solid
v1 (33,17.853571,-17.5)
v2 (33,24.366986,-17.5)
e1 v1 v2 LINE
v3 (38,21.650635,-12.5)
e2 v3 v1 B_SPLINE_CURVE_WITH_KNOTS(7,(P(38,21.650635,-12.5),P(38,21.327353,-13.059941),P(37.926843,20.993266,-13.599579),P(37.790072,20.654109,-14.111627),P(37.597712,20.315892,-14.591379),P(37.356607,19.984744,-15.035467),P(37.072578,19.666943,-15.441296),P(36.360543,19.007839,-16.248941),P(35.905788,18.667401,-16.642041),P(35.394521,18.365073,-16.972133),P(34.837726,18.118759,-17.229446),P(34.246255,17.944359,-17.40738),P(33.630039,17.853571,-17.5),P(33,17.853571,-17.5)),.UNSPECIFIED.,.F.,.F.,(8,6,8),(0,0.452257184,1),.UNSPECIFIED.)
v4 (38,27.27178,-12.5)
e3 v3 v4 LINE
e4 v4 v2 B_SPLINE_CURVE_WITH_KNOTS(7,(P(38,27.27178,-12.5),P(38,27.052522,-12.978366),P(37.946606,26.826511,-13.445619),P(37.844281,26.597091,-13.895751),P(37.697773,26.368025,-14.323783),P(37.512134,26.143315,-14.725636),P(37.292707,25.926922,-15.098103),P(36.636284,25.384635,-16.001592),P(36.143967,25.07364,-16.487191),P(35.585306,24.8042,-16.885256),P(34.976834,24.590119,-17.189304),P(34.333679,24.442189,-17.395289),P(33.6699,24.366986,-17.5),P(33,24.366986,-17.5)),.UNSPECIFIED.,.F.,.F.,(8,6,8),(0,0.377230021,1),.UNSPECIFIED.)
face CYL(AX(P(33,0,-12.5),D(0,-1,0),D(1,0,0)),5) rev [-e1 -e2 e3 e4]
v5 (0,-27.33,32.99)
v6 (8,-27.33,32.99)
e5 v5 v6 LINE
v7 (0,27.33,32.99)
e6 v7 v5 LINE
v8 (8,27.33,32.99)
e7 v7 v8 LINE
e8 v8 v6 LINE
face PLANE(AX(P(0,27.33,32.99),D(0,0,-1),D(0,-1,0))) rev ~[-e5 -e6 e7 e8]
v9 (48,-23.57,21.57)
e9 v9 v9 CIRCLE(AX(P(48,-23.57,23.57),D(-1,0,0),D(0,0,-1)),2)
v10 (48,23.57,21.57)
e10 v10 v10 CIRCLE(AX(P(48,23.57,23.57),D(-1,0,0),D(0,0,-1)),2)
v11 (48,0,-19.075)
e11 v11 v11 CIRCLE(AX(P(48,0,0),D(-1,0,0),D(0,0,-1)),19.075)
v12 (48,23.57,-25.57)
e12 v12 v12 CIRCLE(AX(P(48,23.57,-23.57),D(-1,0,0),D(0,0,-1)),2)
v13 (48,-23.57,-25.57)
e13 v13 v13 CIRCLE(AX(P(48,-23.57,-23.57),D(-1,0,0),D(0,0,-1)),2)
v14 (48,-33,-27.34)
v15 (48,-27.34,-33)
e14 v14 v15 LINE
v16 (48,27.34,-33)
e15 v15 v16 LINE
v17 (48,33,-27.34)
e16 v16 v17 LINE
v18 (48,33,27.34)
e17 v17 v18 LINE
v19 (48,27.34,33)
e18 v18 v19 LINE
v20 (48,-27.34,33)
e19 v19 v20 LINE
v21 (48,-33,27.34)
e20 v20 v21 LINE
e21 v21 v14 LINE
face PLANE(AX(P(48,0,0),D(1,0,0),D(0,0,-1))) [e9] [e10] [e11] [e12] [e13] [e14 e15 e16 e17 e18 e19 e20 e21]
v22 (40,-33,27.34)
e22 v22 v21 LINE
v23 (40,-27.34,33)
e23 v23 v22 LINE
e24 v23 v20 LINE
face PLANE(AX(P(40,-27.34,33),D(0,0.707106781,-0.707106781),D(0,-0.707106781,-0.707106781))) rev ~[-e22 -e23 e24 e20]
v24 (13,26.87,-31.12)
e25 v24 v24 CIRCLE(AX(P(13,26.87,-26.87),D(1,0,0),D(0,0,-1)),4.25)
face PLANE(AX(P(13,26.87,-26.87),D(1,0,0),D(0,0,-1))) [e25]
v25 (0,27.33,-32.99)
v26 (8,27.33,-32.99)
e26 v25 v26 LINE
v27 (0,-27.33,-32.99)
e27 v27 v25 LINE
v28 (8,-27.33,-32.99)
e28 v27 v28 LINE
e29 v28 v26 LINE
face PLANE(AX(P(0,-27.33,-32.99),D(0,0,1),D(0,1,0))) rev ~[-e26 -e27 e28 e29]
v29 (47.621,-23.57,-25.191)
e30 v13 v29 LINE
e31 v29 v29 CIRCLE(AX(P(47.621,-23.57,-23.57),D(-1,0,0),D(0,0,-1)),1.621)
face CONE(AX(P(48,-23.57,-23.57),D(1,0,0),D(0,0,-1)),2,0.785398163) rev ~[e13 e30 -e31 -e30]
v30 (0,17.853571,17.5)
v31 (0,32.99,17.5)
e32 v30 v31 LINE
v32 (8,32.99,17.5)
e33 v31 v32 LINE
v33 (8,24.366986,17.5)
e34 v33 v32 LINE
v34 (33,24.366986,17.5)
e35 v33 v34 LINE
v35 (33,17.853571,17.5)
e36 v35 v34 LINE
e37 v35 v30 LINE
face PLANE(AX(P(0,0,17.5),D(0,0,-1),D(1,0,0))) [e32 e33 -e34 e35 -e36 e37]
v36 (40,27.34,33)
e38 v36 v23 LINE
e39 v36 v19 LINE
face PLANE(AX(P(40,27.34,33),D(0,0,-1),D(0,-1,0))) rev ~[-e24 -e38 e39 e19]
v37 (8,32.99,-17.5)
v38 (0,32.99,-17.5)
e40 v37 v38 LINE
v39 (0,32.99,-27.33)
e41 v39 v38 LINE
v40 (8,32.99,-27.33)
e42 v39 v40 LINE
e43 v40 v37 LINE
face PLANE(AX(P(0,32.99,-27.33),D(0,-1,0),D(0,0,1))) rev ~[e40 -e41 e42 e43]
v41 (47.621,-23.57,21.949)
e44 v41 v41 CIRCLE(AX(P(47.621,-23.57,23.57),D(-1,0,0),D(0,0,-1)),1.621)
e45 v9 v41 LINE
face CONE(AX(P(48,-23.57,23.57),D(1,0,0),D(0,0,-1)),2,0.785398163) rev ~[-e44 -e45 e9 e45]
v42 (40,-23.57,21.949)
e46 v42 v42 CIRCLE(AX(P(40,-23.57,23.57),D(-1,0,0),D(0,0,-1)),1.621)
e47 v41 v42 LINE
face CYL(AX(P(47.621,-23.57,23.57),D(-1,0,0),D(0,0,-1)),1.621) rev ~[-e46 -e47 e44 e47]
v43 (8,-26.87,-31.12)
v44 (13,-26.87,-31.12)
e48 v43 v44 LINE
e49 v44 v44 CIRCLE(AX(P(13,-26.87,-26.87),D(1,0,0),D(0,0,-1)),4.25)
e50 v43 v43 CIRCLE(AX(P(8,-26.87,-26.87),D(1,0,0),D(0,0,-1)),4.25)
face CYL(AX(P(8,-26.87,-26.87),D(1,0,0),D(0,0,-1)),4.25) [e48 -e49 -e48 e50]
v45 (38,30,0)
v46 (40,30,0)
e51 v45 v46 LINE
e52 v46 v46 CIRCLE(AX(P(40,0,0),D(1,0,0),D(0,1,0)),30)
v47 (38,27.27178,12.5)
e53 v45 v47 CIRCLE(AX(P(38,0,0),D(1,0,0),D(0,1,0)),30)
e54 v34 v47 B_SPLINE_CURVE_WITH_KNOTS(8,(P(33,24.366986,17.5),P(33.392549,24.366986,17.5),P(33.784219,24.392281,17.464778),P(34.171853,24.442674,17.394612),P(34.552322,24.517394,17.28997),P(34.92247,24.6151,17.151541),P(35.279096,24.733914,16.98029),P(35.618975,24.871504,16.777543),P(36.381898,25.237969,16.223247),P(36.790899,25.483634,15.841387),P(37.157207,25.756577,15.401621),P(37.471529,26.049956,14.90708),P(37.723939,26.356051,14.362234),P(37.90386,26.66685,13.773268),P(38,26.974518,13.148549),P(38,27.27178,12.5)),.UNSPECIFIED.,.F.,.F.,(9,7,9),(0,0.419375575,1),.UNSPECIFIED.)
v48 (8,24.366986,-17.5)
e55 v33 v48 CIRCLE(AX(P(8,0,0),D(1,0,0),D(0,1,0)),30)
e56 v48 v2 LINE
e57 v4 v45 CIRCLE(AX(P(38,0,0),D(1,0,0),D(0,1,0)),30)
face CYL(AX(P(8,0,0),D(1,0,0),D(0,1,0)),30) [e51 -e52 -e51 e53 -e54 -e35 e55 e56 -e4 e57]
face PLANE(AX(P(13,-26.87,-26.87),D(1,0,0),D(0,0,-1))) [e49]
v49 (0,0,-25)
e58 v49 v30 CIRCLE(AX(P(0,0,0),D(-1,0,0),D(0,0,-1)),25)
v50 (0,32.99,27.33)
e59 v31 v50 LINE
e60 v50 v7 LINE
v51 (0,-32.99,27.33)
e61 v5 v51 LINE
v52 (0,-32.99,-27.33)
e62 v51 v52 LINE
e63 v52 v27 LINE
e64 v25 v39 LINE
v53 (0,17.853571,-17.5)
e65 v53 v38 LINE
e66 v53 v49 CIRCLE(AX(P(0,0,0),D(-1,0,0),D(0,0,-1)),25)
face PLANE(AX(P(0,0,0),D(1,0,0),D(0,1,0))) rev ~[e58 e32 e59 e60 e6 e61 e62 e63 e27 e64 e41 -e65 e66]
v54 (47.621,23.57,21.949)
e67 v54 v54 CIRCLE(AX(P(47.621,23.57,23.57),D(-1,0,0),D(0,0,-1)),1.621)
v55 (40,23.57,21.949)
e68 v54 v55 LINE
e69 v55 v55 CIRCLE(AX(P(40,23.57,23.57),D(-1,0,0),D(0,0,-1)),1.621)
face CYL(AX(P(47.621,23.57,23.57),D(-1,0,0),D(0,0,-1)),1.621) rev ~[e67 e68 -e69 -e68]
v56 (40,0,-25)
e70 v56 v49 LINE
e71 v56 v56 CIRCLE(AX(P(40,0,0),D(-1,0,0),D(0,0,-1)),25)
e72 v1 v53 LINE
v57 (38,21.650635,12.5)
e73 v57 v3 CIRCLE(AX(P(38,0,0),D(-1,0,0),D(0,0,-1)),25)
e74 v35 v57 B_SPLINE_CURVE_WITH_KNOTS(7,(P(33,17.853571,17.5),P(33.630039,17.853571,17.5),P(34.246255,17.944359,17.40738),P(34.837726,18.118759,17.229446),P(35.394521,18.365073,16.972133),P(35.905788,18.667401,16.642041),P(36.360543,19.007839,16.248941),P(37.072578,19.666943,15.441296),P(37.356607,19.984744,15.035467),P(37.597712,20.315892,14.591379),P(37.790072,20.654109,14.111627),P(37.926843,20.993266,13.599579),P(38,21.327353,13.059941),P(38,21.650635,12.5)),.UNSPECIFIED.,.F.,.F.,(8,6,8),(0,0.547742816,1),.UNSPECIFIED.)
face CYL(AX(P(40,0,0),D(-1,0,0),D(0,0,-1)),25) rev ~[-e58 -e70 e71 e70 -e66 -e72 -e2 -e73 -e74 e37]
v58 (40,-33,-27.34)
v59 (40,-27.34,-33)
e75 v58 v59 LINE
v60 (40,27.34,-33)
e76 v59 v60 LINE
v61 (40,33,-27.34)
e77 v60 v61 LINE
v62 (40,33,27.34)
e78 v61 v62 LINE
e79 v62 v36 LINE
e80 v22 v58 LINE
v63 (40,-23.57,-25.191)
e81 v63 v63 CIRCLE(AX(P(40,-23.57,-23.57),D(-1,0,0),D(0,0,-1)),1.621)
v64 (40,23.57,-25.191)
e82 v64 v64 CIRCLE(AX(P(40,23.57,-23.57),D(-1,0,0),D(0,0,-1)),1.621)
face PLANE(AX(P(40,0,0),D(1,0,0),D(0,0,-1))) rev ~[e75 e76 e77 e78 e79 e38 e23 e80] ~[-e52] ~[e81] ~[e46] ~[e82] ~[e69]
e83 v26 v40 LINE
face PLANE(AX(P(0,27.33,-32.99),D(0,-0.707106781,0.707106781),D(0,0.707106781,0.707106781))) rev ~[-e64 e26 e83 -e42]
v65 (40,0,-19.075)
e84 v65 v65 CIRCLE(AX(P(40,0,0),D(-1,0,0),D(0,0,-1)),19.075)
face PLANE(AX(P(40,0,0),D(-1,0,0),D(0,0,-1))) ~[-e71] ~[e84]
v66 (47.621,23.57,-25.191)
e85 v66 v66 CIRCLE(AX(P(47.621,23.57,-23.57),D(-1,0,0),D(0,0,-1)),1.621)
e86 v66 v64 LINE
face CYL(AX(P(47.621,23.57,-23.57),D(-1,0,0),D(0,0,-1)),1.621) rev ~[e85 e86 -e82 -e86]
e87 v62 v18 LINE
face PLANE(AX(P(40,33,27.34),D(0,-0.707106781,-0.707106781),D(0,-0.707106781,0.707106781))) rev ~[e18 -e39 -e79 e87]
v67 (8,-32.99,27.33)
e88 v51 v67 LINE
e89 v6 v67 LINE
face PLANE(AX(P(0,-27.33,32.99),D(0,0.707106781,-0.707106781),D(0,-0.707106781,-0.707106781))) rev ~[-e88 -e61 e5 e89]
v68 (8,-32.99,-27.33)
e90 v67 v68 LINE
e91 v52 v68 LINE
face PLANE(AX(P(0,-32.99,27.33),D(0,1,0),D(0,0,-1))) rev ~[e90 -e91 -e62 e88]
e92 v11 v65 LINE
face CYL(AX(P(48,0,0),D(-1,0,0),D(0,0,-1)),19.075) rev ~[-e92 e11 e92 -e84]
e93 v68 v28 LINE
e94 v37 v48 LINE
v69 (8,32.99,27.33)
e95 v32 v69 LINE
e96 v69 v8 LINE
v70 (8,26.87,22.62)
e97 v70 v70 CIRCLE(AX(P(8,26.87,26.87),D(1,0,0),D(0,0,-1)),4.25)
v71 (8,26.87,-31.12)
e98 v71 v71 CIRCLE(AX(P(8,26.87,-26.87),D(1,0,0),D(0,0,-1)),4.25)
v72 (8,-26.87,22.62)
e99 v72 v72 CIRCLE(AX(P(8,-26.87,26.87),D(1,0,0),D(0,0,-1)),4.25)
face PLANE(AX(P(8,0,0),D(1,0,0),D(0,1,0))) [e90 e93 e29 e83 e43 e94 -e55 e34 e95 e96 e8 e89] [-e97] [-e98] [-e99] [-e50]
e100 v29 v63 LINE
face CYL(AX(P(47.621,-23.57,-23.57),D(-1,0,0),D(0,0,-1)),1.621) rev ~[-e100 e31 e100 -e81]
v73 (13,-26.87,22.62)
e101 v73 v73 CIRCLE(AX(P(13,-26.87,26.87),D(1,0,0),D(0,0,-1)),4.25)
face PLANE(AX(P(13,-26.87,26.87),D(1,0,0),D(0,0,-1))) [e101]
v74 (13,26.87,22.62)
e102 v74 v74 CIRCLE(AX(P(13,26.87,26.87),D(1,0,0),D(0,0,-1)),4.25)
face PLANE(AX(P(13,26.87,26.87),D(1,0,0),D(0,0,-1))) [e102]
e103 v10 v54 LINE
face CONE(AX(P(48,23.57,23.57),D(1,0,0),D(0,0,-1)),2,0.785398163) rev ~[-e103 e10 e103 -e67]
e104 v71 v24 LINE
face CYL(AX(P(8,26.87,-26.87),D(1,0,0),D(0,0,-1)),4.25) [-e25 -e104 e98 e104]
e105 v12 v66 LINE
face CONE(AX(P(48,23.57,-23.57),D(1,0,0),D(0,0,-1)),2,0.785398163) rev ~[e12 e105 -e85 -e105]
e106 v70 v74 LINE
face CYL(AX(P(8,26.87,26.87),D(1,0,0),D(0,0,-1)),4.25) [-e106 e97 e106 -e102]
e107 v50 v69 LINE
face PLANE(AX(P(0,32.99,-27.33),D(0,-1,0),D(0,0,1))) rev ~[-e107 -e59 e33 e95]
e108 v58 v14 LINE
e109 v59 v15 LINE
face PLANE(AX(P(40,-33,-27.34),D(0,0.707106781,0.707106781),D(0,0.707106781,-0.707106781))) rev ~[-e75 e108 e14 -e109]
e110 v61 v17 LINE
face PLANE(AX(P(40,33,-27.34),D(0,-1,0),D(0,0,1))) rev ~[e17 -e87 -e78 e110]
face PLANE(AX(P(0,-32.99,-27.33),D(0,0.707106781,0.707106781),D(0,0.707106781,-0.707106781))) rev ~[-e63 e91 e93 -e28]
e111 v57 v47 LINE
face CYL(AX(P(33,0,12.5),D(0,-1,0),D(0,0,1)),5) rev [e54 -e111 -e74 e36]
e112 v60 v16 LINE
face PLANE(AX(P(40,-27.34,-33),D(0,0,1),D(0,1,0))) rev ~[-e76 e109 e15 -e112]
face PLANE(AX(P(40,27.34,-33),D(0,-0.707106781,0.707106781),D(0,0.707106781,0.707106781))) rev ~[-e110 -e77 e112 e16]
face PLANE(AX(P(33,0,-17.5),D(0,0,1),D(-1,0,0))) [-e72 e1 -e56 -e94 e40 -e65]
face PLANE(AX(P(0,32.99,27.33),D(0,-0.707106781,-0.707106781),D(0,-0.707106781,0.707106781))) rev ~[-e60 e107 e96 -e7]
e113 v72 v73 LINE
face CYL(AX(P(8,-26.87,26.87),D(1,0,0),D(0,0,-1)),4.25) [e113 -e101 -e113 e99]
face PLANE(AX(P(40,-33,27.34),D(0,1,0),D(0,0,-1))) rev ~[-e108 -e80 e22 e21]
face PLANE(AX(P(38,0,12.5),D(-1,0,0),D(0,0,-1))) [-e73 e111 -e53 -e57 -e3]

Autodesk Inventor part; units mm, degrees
sketch "Sketch_1" plane through (0, 0, 0) normal (1, 0, 0) x (0, 1, 0)
  line L0 (27.33, 32.99) -> (-27.33, 32.99)
  line L1 (-27.33, 32.99) -> (-32.99, 27.33)
  line L2 (-32.99, 27.33) -> (-32.99, -27.33)
  line L3 (-32.99, -27.33) -> (-27.33, -32.99)
  line L4 (-27.33, -32.99) -> (27.33, -32.99)
  line L5 (27.33, -32.99) -> (32.99, -27.33)
  line L6 (32.99, -27.33) -> (32.99, 27.33)
  line L7 (32.99, 27.33) -> (27.33, 32.99)
extrude "Extrusion1" add sketch "Sketch_1" along normal blind 8
sketch "Sketch_2" plane through (0, 0, 0) normal (0, 0, 1) x (1, 0, 0)
  line L0 (40, 0) -> (8, 0)
  line L1 (8, 0) -> (8, 30)
  line L2 (8, 30) -> (40, 30)
  line L3 (40, 30) -> (40, 0)
  line L4 (40, 0) -> (8, 0)
revolve "Revolution1" add sketch "Sketch_2" angle 360 about axis through (40, 0, 0) along (1, 0, 0)
sketch "Sketch_3" plane through (40, 0, 0) normal (1, 0, 0) x (0, 0, -1)
  line L0 (-33, 27.34) -> (-33, -27.34)
  line L1 (-33, -27.34) -> (-27.34, -33)
  line L2 (-27.34, -33) -> (27.34, -33)
  line L3 (27.34, -33) -> (33, -27.34)
  line L4 (33, -27.34) -> (33, 27.34)
  line L5 (33, 27.34) -> (27.34, 33)
  line L6 (27.34, 33) -> (-27.34, 33)
  line L7 (-27.34, 33) -> (-33, 27.34)
extrude "Extrusion2" add sketch "Sketch_3" along normal blind 8
sketch "Sketch4" plane through (48, 0, 0) normal (1, 0, 0) x (0, 0, -1)
  point P0 (0, 0)
hole "Drilling 1" at (48, 0, 0) direction (-1, 0, 0) diameter 38.15 depth 8
sketch "Sketch5" plane through (40, 0, 0) normal (1, 0, 0) x (0, 0, -1)
  point P0 (0, 0)
hole "Drilling 2" at (40, 0, 0) direction (-1, 0, 0) diameter 50 depth 40
sketch "Sketch_7" plane through (0, 26.87, 0) normal (0, 1, 0) x (1, 0, 0)
  line L0 (13, 26.87) -> (8, 26.87)
  line L1 (8, 26.87) -> (8, 31.12)
  line L2 (8, 31.12) -> (13, 31.12)
  line L3 (13, 31.12) -> (13, 26.87)
  line L4 (13, 26.87) -> (8, 26.87)
revolve "Revolution2" add sketch "Sketch_7" angle 360 about axis through (13, 26.87, -26.87) along (1, 0, 0)
sketch "Sketch_8" plane through (0, 26.87, 0) normal (0, 1, 0) x (1, 0, 0)
  line L0 (13, -26.87) -> (8, -26.87)
  line L1 (8, -26.87) -> (8, -22.62)
  line L2 (8, -22.62) -> (13, -22.62)
  line L3 (13, -22.62) -> (13, -26.87)
  line L4 (13, -26.87) -> (8, -26.87)
revolve "Revolution3" add sketch "Sketch_8" angle 360 about axis through (13, 26.87, 26.87) along (1, 0, 0)
sketch "Sketch8" plane through (48, 0, 0) normal (1, 0, 0) x (0, 0, -1)
  point P0 (-23.57, 23.57)
hole "Drilling 3" at (48, 23.57, 23.57) direction (-1, 0, 0) diameter 3.242 depth 8 countersink diameter 4 countersink angle 90 thread size "M4x0.7" class "6H" standard "ISO Metric profile"
sketch "Sketch9" plane through (48, 0, 0) normal (1, 0, 0) x (0, 0, -1)
  point P0 (-23.57, -23.57)
hole "Drilling 4" at (48, -23.57, 23.57) direction (-1, 0, 0) diameter 3.242 depth 8 countersink diameter 4 countersink angle 90 thread size "M4x0.7" class "6H" standard "ISO Metric profile"
sketch "Sketch10" plane through (48, 0, 0) normal (1, 0, 0) x (0, 0, -1)
  point P0 (23.57, 23.57)
hole "Drilling 5" at (48, 23.57, -23.57) direction (-1, 0, 0) diameter 3.242 depth 8 countersink diameter 4 countersink angle 90 thread size "M4x0.7" class "6H" standard "ISO Metric profile"
sketch "Sketch11" plane through (48, 0, 0) normal (1, 0, 0) x (0, 0, -1)
  point P0 (23.57, -23.57)
hole "Drilling 6" at (48, -23.57, -23.57) direction (-1, 0, 0) diameter 3.242 depth 8 countersink diameter 4 countersink angle 90 thread size "M4x0.7" class "6H" standard "ISO Metric profile"
sketch "Sketch_9" plane through (0, -26.87, 0) normal (0, 1, 0) x (1, 0, 0)
  line L0 (13, 26.87) -> (8, 26.87)
  line L1 (8, 26.87) -> (8, 31.12)
  line L2 (8, 31.12) -> (13, 31.12)
  line L3 (13, 31.12) -> (13, 26.87)
  line L4 (13, 26.87) -> (8, 26.87)
revolve "Revolution4" add sketch "Sketch_9" angle 360 about axis through (13, -26.87, -26.87) along (1, 0, 0)
sketch "Sketch_10" plane through (0, -26.87, 0) normal (0, 1, 0) x (1, 0, 0)
  line L0 (13, -26.87) -> (8, -26.87)
  line L1 (8, -26.87) -> (8, -22.62)
  line L2 (8, -22.62) -> (13, -22.62)
  line L3 (13, -22.62) -> (13, -26.87)
  line L4 (13, -26.87) -> (8, -26.87)
revolve "Revolution5" add sketch "Sketch_10" angle 360 about axis through (13, -26.87, 26.87) along (1, 0, 0)
sketch "Sketch_33" plane through (0, 0, 0) normal (0, 1, 0) x (-1, 0, 0)
  line L0 (0, -17.5) -> (0, 17.5)
  line L1 (0, 17.5) -> (-33, 17.5)
  arc A0 (-33, 17.5) -> (-38, 12.5) centre (-33, 12.5) ccw
  line L2 (-38, 12.5) -> (-38, -12.5)
  arc A1 (-38, -12.5) -> (-33, -17.5) centre (-33, -12.5) ccw
  line L3 (-33, -17.5) -> (0, -17.5)
extrude "Extrusion3" cut sketch "Sketch_33" along normal blind 33
ref_plane "type_gl_n_bm_XY" through (0, 0, 0) normal (1, 0, 0) x (0, -1, 0)
ref_plane "type_gl_n_bm_YZ" through (0, 0, 0) normal (0, -1, 0) x (0, 0, -1)
ref_plane "type_gl_n_bm_ZX" through (0, 0, 0) normal (0, 0, -1) x (1, 0, 0)
properties part number "GL20NU1 Y Motor bracket"
